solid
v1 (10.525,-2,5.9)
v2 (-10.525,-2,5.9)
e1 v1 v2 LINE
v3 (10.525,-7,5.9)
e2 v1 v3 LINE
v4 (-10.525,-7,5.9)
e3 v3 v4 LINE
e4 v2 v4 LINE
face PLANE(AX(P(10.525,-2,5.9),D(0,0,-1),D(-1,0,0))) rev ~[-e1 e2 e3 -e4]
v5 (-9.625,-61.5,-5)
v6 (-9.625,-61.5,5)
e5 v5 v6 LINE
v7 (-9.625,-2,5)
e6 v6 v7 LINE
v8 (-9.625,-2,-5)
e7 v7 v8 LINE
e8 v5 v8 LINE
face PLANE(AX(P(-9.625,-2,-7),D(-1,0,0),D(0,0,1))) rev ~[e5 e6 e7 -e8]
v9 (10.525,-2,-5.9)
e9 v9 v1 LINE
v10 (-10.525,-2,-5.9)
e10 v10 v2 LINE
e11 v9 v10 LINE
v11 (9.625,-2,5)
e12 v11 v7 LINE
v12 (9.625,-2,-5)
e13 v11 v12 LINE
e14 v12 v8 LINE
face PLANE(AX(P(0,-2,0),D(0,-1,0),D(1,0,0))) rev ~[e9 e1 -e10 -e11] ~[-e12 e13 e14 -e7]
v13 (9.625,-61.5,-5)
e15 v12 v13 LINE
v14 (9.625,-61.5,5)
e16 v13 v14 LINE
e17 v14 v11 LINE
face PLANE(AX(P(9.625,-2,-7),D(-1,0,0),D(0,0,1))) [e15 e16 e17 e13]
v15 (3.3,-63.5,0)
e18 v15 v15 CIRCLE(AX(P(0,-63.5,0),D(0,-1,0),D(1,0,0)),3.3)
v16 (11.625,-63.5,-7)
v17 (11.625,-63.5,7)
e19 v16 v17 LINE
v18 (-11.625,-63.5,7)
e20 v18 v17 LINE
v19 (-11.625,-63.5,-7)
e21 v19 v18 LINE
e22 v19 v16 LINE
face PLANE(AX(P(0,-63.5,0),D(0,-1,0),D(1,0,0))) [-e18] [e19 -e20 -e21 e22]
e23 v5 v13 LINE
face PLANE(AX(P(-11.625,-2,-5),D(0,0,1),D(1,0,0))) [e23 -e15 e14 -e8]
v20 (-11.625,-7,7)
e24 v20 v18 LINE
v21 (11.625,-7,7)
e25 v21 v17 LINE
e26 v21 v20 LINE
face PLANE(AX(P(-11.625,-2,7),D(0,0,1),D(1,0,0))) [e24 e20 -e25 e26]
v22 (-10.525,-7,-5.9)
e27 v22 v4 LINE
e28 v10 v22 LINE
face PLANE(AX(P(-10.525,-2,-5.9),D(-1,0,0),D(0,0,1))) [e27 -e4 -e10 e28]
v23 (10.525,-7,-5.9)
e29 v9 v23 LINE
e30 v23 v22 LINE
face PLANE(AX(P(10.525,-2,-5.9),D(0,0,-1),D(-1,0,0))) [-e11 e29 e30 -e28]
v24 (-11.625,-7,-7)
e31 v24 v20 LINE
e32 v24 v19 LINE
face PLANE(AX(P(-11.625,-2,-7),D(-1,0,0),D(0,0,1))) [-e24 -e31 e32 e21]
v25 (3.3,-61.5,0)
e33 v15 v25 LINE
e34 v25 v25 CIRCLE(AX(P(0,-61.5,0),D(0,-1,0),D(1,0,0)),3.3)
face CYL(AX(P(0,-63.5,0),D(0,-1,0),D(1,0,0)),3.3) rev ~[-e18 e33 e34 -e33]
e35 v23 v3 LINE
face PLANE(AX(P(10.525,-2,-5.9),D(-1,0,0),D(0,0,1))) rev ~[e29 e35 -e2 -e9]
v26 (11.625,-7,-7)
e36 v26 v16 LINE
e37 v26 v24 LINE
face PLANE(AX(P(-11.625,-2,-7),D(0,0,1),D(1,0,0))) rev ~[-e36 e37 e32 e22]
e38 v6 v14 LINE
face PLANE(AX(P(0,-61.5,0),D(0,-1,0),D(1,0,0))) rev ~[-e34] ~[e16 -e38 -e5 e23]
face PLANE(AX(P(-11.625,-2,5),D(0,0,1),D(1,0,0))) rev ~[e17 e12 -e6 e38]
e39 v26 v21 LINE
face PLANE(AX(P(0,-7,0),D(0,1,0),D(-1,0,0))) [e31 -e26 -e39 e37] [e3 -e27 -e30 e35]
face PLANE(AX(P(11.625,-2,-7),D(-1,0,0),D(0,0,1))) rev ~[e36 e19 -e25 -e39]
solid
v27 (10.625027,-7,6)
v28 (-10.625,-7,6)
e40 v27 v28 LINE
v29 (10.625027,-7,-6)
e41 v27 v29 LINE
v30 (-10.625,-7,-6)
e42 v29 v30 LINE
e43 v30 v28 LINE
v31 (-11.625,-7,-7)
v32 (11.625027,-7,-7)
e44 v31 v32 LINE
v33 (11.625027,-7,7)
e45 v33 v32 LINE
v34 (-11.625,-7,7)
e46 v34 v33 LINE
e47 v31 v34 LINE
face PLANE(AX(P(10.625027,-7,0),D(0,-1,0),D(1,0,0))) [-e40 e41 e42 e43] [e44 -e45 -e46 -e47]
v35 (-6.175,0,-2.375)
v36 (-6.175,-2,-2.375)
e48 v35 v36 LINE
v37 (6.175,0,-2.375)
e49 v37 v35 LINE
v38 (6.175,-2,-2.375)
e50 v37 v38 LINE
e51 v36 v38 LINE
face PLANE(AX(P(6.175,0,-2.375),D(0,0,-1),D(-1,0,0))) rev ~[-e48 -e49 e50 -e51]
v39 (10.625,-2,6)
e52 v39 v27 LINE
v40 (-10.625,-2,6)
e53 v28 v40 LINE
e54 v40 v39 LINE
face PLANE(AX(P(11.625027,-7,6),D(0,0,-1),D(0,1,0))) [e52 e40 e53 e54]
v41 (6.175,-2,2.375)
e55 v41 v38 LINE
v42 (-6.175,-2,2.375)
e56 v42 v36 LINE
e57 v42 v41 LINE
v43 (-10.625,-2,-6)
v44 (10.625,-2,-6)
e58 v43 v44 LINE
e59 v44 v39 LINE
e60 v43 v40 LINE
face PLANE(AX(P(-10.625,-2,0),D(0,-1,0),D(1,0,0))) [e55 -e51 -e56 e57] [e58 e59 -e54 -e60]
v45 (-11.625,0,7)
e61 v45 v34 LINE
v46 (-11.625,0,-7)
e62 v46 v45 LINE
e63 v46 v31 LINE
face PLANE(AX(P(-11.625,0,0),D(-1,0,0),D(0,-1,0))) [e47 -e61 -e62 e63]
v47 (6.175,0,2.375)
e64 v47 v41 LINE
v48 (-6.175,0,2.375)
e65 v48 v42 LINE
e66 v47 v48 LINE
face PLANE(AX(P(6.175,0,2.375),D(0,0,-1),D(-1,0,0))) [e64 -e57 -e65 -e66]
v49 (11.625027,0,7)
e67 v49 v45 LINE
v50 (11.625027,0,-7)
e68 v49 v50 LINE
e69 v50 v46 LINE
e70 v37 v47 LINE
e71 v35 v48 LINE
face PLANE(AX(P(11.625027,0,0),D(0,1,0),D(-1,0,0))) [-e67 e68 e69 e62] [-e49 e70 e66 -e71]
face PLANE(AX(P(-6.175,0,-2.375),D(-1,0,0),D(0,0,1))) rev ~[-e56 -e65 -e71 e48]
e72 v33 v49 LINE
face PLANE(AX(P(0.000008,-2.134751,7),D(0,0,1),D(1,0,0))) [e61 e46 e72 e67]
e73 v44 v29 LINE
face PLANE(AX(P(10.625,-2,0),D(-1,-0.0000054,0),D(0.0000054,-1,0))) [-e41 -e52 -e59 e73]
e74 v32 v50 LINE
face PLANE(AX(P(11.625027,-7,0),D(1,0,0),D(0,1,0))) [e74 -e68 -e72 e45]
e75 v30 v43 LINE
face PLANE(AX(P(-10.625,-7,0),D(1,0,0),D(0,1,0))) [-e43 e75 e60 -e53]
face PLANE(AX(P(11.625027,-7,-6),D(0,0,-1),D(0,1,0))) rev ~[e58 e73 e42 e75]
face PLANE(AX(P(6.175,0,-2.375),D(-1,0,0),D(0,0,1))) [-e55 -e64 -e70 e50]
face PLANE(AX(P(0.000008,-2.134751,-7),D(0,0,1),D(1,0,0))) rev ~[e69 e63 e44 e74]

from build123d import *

# Parameters (mm, degrees)
PAD003_DEPTH      = 7
PAD003_DEPTH_BACK = 7
SKETCH004_W       = 7
SKETCH004_H       = 1
PAD004_DEPTH      = 23.250027
SKETCH005_W       = 12.35
SKETCH005_H       = 4.75
POCKET_DEPTH      = 7.001
SKETCH007_W       = 23.25
SKETCH007_H       = 14
PAD005_DEPTH      = 61.5
THICKNESS_T       = -2
SKETCH008_W       = 23.25
SKETCH008_H       = 14
SKETCH008_W_2     = 21.05
SKETCH008_H_2     = 11.8
POCKET001_DEPTH   = 5
SKETCH009_R       = 3.3
POCKET002_DEPTH   = 61.501


with BuildPart() as usb:
    # Sketch003 → Pad003 (new body, two sides)
    with BuildSketch(Plane.XY) as pad003_sk:
        Polygon((11.625027, 0), (-11.625, 0), (-11.625, -7), (-10.625, -7), (-10.625, -2), (10.625, -2), (10.625027, -7), (11.625027, -7), align=None)
    extrude(amount=PAD003_DEPTH)
    extrude(pad003_sk.sketch, amount=-PAD003_DEPTH_BACK)

    # Sketch004 (on Face4 of Pad003) → Pad004 (join)
    with BuildSketch(Plane.YZ.offset(11.625027)):
        with Locations((-3.5, 6.5)):
            Rectangle(SKETCH004_W, SKETCH004_H)
        with Locations((-3.5, -6.5)):
            Rectangle(SKETCH004_W, SKETCH004_H)
    extrude(amount=-PAD004_DEPTH)

    # Sketch005 (on Face9 of Pad004) → Pocket (cut, through all)
    with BuildSketch(Plane(origin=(0, 0, 0), x_dir=(-1, 0, 0), z_dir=(0, 1, 0))):
        Rectangle(SKETCH005_W, SKETCH005_H)
    extrude(amount=-POCKET_DEPTH, mode=Mode.SUBTRACT)


with BuildPart() as body004:
    # Sketch007 → Pad005 (new body)
    with BuildSketch(Plane.XZ.offset(2)):
        Rectangle(SKETCH007_W, SKETCH007_H)
    extrude(amount=PAD005_DEPTH)

    # Thickness
    thickness_openings = [body004.faces().sort_by_distance(p)[0] for p in [
        (0, -2, 0),
    ]]
    offset(amount=THICKNESS_T, openings=thickness_openings, kind=Kind.INTERSECTION)

    # Sketch008 (on Face6 of Thickness) → Pocket001 (cut)
    with BuildSketch(Plane(origin=(0, -2, 0), x_dir=(-1, 0, 0), z_dir=(0, 1, 0))):
        Rectangle(SKETCH008_W, SKETCH008_H)
        Rectangle(SKETCH008_W_2, SKETCH008_H_2, mode=Mode.SUBTRACT)
    extrude(amount=-POCKET001_DEPTH, mode=Mode.SUBTRACT)

    # Sketch009 (on Face4 of Pocket001) → Pocket002 (cut, through all)
    with BuildSketch(Plane.XZ.offset(63.5)):
        Circle(SKETCH009_R)
    extrude(amount=-POCKET002_DEPTH, mode=Mode.SUBTRACT)


solid = Compound([usb.part, body004.part])
